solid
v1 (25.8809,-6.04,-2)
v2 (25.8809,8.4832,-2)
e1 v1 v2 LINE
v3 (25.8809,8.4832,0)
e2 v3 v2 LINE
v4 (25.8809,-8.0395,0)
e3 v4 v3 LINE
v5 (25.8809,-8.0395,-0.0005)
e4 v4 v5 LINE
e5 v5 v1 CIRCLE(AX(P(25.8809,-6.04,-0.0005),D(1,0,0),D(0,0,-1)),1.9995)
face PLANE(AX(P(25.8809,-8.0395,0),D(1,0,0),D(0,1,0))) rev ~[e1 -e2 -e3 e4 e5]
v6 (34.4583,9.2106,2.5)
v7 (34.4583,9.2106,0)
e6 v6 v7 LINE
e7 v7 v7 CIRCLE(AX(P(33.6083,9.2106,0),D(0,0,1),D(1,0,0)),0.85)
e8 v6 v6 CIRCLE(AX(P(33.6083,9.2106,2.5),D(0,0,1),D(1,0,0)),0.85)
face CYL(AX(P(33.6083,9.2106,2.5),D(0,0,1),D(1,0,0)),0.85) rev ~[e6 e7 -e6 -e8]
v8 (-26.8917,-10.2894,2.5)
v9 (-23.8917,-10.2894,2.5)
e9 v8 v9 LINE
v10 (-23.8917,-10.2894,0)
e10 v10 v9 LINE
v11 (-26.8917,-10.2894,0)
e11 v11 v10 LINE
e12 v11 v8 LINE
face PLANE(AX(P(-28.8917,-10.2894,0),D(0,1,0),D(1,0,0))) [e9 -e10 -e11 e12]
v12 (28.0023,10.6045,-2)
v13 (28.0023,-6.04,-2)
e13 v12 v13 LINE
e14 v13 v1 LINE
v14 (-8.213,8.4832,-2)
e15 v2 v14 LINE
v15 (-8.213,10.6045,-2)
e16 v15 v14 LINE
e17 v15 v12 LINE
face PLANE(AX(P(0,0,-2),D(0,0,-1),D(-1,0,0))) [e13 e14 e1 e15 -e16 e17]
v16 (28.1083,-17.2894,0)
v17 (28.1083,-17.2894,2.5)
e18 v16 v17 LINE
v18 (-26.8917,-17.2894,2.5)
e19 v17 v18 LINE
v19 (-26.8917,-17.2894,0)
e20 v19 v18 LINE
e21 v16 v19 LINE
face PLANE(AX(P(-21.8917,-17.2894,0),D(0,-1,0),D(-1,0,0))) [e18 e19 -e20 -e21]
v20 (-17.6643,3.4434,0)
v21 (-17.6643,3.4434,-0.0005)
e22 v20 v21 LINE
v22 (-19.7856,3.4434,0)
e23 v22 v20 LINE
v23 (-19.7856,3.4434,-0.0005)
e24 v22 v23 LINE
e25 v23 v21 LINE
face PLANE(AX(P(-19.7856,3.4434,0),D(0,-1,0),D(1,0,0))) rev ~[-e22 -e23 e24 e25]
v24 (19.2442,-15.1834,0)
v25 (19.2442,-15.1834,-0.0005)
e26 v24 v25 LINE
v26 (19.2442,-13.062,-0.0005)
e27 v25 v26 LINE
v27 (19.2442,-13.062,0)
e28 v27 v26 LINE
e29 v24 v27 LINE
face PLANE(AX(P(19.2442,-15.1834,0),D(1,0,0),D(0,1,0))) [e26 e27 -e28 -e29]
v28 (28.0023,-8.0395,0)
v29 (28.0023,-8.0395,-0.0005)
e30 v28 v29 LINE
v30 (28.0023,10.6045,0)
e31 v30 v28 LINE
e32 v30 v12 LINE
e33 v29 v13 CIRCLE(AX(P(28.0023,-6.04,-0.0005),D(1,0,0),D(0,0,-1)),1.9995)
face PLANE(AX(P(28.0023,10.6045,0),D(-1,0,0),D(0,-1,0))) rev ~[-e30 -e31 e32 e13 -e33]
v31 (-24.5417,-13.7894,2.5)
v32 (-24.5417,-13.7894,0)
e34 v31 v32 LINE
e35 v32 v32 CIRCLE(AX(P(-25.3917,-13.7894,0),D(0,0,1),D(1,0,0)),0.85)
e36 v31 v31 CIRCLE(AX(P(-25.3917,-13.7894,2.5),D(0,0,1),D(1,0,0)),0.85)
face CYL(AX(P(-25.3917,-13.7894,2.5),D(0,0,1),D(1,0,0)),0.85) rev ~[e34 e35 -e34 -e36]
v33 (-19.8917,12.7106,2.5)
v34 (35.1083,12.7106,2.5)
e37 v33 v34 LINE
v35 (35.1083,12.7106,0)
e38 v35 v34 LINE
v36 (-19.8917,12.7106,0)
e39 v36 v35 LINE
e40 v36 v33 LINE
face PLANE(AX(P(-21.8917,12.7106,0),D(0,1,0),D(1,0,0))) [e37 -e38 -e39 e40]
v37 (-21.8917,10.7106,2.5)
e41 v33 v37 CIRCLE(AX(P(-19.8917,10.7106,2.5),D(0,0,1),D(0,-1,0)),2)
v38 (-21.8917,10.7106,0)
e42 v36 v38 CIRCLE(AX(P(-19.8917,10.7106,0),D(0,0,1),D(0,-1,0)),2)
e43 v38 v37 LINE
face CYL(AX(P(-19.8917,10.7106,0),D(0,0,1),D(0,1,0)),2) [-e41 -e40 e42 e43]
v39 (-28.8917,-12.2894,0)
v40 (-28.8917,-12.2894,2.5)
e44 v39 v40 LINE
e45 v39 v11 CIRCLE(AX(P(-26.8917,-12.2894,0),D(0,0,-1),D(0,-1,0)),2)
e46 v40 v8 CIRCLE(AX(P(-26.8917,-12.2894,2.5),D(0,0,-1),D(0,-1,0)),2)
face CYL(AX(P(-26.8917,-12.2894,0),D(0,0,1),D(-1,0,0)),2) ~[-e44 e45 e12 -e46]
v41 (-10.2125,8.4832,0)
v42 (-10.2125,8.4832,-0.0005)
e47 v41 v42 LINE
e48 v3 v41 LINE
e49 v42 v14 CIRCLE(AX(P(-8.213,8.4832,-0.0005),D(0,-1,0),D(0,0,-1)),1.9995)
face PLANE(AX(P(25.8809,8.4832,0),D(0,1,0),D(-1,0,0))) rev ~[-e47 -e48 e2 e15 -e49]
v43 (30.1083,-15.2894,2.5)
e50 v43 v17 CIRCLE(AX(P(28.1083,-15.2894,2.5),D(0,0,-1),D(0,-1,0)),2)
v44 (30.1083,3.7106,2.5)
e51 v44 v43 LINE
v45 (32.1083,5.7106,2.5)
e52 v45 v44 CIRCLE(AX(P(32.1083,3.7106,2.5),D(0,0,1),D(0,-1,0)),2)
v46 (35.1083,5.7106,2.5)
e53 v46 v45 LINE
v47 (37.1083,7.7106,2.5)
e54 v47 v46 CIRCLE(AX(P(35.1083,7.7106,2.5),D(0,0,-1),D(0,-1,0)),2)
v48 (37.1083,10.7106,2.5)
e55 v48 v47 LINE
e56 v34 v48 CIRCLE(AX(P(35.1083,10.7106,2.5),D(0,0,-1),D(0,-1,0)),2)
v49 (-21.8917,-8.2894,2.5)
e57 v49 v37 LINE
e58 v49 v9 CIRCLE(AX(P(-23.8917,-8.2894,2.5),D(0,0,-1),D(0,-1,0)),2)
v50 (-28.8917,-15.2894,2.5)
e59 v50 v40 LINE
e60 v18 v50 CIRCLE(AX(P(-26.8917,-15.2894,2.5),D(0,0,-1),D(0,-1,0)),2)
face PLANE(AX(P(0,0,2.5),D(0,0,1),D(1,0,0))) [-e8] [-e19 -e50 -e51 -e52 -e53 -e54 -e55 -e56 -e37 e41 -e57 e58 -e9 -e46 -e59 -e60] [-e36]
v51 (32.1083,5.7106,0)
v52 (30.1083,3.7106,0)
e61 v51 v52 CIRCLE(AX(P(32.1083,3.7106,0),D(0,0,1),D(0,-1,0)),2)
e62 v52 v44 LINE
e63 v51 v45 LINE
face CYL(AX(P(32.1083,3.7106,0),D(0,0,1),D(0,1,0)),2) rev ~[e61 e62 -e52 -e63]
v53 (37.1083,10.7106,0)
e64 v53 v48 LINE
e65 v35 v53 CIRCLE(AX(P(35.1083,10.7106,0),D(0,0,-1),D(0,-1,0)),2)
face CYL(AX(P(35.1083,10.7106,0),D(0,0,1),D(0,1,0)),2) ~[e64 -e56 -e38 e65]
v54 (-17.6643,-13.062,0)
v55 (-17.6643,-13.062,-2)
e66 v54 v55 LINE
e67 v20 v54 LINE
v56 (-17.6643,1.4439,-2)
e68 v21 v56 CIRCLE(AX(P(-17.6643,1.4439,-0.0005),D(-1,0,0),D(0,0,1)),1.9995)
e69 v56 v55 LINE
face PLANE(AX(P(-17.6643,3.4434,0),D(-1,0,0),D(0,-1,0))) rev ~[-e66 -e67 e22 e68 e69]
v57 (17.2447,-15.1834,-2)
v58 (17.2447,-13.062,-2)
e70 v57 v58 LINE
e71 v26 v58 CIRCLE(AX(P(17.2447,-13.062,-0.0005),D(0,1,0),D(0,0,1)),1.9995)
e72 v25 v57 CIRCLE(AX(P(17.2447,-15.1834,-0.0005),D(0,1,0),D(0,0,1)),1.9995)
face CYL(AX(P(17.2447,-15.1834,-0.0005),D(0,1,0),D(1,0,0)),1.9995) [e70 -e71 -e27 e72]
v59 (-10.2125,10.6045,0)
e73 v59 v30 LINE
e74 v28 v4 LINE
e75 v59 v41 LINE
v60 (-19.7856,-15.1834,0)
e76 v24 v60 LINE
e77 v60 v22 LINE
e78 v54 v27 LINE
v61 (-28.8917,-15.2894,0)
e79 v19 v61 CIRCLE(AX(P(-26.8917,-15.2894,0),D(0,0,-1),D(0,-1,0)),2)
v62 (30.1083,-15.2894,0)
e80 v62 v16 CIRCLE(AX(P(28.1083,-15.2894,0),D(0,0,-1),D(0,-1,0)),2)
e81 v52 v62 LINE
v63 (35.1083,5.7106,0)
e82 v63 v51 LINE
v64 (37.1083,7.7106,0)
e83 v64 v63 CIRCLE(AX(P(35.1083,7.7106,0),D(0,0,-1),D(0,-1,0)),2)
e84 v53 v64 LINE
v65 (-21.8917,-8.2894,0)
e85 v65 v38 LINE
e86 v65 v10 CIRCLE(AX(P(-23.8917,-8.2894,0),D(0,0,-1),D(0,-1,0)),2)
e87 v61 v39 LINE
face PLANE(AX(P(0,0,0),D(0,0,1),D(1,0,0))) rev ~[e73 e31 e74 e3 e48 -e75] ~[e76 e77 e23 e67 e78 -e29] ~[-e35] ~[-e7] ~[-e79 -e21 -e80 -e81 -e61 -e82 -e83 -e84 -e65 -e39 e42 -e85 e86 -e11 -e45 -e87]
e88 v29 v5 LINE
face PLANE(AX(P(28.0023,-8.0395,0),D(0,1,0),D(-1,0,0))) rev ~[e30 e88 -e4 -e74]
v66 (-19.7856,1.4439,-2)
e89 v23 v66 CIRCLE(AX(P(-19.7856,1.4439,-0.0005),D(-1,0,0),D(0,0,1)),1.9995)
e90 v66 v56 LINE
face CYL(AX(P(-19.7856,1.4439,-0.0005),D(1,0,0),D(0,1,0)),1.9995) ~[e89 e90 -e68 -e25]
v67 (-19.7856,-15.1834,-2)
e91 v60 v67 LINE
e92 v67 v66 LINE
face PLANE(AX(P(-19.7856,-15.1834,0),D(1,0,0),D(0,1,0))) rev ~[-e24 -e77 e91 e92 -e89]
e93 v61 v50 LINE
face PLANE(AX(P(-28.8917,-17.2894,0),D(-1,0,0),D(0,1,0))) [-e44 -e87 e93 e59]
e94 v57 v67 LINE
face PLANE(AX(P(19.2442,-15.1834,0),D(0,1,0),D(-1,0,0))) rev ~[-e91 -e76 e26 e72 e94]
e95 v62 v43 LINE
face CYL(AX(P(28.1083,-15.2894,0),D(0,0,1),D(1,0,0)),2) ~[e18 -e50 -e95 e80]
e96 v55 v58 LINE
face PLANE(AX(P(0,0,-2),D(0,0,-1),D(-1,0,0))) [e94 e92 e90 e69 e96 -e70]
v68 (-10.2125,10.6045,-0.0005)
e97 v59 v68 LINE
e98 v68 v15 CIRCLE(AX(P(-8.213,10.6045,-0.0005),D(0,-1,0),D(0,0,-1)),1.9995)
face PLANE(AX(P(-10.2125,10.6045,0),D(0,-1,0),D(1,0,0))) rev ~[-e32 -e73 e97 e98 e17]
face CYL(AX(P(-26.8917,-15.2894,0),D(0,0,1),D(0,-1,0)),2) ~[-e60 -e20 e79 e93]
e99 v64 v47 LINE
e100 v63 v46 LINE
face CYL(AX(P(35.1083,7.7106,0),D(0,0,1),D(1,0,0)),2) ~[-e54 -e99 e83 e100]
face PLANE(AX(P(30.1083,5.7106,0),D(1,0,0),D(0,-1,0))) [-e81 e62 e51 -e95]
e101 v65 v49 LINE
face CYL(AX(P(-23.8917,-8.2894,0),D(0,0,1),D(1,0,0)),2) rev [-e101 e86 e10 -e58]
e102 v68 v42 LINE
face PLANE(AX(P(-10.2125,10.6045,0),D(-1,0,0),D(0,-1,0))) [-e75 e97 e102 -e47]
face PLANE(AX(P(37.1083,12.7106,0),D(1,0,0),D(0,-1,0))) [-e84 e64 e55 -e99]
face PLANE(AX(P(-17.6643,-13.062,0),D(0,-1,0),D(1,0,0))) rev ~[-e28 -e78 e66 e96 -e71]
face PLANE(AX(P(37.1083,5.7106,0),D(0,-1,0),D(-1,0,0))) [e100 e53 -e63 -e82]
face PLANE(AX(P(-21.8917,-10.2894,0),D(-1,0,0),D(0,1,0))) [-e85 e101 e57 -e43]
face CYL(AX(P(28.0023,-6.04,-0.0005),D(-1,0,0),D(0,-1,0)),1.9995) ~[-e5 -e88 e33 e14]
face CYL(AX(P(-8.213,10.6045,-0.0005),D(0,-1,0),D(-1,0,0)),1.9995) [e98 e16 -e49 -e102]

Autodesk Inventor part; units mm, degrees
ref_plane "YZ Plane" through (0, 0, 0) normal (1, 0, 0) x (0, 1, 0)
ref_plane "XZ Plane" through (0, 0, 0) normal (0, 1, 0) x (-1, 0, 0)
ref_plane "XY Plane" through (0, 0, 0) normal (0, 0, 1) x (1, 0, 0)
sketch "Эскиз1" plane through (0, 0, 0) normal (0, 0, 1) x (1, 0, 0)
  line L0 (-21.8917, 12.7106) -> (30.1083, 12.7106)
  line L1 (30.1083, 5.7106) -> (30.1083, -17.2894)
  line L2 (30.1083, -17.2894) -> (-21.8917, -17.2894)
  line L3 (-21.8917, -10.2894) -> (-21.8917, 12.7106)
  line L4 (-21.8917, -17.2894) -> (-28.8917, -17.2894)
  line L5 (-28.8917, -17.2894) -> (-28.8917, -10.2894)
  line L6 (-28.8917, -10.2894) -> (-21.8917, -10.2894)
  line L7 (30.1083, 12.7106) -> (37.1083, 12.7106)
  line L8 (37.1083, 12.7106) -> (37.1083, 5.7106)
  line L9 (37.1083, 5.7106) -> (30.1083, 5.7106)
  point P0 (0, 0)
  dimension "d3" = 7
  dimension "d5" = 7
extrude "Выдавливание1" add sketch "Эскиз1" along normal blind 2.5
fillet "Сопряжение1" radius 2 6 edges at (37.1083, 12.7106, 1.25) (37.1083, 5.7106, 1.25) (30.1083, -17.2894, 1.25) (-28.8917, -10.2894, 1.25) (-21.8917, 12.7106, 1.25) (-28.8917, -17.2894, 1.25)
fillet "Сопряжение2" radius 2 2 edges at (-21.8917, -10.2894, 1.25) (30.1083, 5.7106, 1.25)
sketch "Эскиз2" plane through (0, 0, 2.5) normal (0, 0, 1) x (1, 0, 0)
  arc A0 (-26.8917, -10.2894) -> (-28.8917, -12.2894) centre (-26.8917, -12.2894) ccw projected
  circle A1 centre (-25.3917, -13.7894) radius 0.85
  circle A2 centre (33.6083, 9.2106) radius 0.85
  point P0 (0, 0)
  point P1 (37.1083, 10.7106)
  point P2 (35.1083, 5.7106)
  dimension "d12" = 1.7
  dimension "d15" = 1.7
extrude "Выдавливание2" cut sketch "Эскиз2" against normal blind 2.5
sketch "Эскиз3" plane through (0, 0, 0) normal (0, 0, -1) x (-1, 0, 0)
  arc A0 (21.8917, 10.7106) -> (19.8917, 12.7106) centre (19.8917, 10.7106) ccw projected
  line L0 (-28.1083, -17.2894) -> (26.8917, -17.2894) projected
  line L1 (-19.2442, -15.1834) -> (19.7856, -15.1834)
  line L2 (19.7856, -15.1834) -> (19.7856, 3.4434)
  line L3 (10.2125, 10.6045) -> (-28.0023, 10.6045)
  line L4 (-28.0023, 10.6045) -> (-28.0023, -8.0395)
  line L5 (19.7856, -15.1834) -> (22.7856, -15.1834) construction
  line L6 (17.6643, -13.062) -> (-19.2442, -13.062)
  line L7 (-25.8809, -8.0395) -> (-25.8809, 8.4832)
  line L8 (-25.8809, 8.4832) -> (10.2125, 8.4832)
  line L9 (17.6643, 3.4434) -> (17.6643, -13.062)
  line L10 (10.2125, 10.6045) -> (10.2125, 8.4832)
  line L11 (19.7856, 3.4434) -> (17.6643, 3.4434)
  line L12 (-19.2442, -15.1834) -> (-19.2442, -13.062)
  line L13 (-28.0023, -8.0395) -> (-25.8809, -8.0395)
  point P0 (0, 0)
extrude "Выдавливание3" add sketch "Эскиз3" along normal blind 2
fillet "Сопряжение3" radius 2 4 edges at (-18.7249, 3.4434, -2) (-10.2125, 9.5438, -2) (26.9416, -8.0395, -2) (19.2442, -14.1227, -2)
properties part number "Дно Модуля БП"
